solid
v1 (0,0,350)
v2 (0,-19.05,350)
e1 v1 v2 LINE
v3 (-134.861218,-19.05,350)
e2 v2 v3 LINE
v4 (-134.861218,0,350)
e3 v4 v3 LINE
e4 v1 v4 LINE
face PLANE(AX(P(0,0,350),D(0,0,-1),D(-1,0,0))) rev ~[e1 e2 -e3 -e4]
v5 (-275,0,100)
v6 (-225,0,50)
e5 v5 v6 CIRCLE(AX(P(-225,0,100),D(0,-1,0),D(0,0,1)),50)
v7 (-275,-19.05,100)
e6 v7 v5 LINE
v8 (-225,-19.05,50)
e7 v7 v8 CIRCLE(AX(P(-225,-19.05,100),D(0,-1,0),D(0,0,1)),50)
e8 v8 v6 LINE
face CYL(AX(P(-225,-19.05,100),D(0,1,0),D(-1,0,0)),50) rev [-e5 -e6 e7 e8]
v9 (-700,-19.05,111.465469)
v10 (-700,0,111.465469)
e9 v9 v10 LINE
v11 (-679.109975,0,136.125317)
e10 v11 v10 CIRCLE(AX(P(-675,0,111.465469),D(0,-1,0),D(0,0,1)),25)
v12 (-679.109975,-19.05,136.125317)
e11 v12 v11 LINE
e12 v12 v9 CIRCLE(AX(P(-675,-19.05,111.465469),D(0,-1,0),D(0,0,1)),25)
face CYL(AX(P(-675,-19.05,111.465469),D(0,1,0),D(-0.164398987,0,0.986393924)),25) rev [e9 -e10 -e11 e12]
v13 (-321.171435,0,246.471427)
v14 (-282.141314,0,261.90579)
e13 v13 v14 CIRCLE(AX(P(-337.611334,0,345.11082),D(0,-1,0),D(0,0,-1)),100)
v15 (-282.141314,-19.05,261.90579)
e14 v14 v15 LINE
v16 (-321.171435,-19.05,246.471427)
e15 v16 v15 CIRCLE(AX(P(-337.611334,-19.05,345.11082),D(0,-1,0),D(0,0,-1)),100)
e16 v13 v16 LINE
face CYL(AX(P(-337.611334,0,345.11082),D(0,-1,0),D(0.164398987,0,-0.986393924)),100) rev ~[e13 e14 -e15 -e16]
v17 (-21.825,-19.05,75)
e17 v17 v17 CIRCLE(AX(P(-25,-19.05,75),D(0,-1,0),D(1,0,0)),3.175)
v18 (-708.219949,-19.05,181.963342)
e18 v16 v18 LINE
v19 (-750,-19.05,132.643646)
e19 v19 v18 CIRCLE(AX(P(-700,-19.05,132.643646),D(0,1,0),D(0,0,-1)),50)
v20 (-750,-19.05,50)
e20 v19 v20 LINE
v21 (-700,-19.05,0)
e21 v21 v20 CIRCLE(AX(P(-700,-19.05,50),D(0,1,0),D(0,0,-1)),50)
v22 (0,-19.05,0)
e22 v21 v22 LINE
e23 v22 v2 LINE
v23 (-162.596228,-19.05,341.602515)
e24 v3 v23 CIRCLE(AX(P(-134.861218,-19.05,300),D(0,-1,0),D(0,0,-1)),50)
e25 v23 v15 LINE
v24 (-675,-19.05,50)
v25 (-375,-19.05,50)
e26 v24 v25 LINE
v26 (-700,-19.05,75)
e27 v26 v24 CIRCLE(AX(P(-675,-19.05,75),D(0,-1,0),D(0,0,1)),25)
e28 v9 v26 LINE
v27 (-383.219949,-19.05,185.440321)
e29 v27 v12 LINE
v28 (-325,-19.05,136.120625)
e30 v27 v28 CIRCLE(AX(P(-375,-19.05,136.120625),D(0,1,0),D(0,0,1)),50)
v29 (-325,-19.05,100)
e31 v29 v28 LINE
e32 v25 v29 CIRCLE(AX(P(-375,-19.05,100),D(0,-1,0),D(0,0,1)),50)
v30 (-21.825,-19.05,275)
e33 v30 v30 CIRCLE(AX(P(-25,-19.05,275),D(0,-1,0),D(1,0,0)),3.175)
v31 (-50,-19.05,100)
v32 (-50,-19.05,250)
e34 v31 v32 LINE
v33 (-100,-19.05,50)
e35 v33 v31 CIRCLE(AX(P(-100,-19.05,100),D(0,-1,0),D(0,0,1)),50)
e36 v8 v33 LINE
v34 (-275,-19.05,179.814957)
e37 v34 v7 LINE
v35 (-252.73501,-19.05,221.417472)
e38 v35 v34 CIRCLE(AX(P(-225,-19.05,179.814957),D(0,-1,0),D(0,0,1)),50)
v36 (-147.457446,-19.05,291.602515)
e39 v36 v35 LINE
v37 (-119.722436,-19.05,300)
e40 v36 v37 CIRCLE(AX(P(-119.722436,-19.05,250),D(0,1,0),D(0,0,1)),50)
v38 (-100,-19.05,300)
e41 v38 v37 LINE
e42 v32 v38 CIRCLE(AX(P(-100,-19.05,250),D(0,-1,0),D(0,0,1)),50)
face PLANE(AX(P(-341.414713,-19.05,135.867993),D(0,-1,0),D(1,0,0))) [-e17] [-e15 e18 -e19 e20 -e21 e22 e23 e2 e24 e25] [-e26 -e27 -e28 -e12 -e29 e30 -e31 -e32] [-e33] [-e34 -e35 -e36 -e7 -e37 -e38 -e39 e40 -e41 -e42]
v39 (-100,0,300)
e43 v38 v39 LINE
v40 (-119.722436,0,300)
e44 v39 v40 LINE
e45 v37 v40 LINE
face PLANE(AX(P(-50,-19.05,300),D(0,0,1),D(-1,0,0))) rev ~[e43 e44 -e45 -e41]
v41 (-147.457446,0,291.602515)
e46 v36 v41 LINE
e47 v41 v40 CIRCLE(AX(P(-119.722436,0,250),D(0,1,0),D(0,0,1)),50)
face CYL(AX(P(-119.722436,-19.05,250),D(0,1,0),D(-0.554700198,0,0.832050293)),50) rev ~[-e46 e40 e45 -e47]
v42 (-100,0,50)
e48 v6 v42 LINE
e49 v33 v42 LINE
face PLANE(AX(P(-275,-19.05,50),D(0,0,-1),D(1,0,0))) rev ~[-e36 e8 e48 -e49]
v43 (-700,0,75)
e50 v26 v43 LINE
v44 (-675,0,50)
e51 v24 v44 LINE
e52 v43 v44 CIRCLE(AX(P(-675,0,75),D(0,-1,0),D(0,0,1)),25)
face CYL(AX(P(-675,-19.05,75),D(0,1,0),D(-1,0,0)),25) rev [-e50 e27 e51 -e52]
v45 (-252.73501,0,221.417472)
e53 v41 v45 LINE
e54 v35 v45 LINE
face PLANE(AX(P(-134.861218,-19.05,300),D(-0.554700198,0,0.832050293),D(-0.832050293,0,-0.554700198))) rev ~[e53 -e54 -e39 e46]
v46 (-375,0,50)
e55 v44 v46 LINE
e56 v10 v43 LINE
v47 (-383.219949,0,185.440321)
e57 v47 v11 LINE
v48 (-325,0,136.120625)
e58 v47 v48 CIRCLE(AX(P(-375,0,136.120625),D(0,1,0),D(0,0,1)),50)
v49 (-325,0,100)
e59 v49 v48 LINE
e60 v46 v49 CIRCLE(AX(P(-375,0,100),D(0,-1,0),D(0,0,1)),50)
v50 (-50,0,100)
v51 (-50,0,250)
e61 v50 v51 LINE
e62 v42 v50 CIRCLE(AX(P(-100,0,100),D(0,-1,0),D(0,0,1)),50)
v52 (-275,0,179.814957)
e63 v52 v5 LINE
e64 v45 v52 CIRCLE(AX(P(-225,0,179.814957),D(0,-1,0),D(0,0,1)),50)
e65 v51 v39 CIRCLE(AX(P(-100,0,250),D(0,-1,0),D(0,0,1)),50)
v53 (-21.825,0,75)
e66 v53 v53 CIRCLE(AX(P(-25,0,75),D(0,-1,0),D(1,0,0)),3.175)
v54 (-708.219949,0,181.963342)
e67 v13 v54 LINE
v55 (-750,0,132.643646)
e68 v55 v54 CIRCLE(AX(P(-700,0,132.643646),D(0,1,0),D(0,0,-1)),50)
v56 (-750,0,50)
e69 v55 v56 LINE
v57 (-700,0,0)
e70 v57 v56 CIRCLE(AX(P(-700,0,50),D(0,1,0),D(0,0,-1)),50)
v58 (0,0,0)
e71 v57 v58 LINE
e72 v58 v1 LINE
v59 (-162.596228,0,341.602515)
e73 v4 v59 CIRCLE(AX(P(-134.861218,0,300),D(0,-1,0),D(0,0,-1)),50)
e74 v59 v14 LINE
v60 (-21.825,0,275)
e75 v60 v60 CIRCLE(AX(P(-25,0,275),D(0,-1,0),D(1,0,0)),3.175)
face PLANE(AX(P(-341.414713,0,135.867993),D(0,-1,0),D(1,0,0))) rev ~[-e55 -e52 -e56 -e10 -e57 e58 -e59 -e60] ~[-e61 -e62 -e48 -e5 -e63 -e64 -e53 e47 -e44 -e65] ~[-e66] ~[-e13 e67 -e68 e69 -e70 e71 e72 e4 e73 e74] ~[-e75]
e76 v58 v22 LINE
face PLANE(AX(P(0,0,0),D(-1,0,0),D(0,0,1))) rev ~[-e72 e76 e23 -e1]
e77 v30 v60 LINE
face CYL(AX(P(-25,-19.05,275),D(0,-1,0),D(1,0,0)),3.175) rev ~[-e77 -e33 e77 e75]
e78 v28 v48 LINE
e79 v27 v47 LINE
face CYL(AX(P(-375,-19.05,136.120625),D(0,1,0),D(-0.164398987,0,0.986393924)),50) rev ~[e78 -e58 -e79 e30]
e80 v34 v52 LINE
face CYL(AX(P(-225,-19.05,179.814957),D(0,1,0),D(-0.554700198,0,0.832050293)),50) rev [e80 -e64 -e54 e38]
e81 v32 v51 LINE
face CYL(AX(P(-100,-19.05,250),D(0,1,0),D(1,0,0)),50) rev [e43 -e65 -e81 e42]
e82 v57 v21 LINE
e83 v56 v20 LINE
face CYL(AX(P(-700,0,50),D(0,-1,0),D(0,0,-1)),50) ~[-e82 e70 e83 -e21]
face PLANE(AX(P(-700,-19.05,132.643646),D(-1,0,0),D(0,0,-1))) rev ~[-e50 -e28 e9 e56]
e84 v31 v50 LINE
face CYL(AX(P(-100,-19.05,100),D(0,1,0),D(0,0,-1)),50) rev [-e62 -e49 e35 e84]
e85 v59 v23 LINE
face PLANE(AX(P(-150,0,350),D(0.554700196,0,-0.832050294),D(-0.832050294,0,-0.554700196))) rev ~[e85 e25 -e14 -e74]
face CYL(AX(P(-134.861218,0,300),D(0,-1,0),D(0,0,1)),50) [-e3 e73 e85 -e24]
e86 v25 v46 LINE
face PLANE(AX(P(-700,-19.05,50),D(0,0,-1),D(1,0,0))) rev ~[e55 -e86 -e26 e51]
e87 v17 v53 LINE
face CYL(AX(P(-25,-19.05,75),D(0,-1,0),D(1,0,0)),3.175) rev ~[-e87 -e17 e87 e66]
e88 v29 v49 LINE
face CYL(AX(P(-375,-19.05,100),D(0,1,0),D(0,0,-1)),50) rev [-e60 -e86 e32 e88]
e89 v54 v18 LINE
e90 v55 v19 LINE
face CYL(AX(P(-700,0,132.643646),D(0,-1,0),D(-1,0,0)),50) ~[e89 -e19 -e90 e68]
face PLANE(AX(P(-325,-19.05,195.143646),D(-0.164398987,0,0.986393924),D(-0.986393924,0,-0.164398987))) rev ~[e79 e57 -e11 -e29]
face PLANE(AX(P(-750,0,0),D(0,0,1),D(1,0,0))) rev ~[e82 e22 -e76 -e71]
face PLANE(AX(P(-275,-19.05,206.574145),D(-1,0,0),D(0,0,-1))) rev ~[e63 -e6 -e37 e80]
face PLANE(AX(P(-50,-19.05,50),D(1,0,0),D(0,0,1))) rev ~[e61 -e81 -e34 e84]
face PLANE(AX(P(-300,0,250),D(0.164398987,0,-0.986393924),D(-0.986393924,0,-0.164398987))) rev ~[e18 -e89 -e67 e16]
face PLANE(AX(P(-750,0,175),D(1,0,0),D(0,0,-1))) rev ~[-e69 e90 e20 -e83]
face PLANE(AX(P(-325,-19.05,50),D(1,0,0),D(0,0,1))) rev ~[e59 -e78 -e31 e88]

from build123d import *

# Parameters (mm, degrees)
F1_DEPTH = 19.05
F3_DEPTH = 25
F4_R     = 50
F5_R     = 25
F6_R     = 50
F7_R     = 3.175
F8_DEPTH = 25
F9_R     = 100


with BuildPart() as f1:
    # F0 (on Front) → F1 (new body)
    with BuildSketch(Plane.XZ):
        Polygon((-750, 0), (0, 0), (0, 350), (-150, 350), (-300, 250), (-750, 175), align=None)
    extrude(amount=F1_DEPTH)

    # F2 (on face) → F3 (cut)
    with BuildSketch(Plane.XZ.offset(19.05)):
        Polygon((-325, 195.143646), (-700, 132.643646), (-700, 50), (-325, 50), align=None)
        Polygon((-134.861218, 300), (-275, 206.574145), (-275, 50), (-50, 50), (-50, 300), align=None)
    extrude(amount=-F3_DEPTH, mode=Mode.SUBTRACT)

    # F4
    f4_edges = [f1.edges().sort_by_distance(p)[0] for p in [
        (-325, -9.525, 195.143646),
        (-325, -9.525, 50),
        (-275, -9.525, 206.574145),
        (-134.861218, -9.525, 300),
        (-50, -9.525, 300),
        (-50, -9.525, 50),
        (-275, -9.525, 50),
    ]]
    fillet(f4_edges, radius=F4_R)

    # F5
    f5_edges = [f1.edges().sort_by_distance(p)[0] for p in [
        (-700, -9.525, 132.643646),
        (-700, -9.525, 50),
    ]]
    fillet(f5_edges, radius=F5_R)

    # F6
    f6_edges = [f1.edges().sort_by_distance(p)[0] for p in [
        (-750, -9.525, 175),
        (-750, -9.525, 0),
        (-150, -9.525, 350),
    ]]
    fillet(f6_edges, radius=F6_R)

    # F7 (on face) → F8 (cut)
    with BuildSketch(Plane.XZ.offset(19.05)):
        with Locations((-25, 275)):
            Circle(F7_R)
        with Locations((-25, 75)):
            Circle(F7_R)
    extrude(amount=-F8_DEPTH, mode=Mode.SUBTRACT)

    # F9
    f9_edges = [f1.edges().sort_by_distance(p)[0] for p in [
        (-300, -9.525, 250),
    ]]
    fillet(f9_edges, radius=F9_R)


solid = f1.part
